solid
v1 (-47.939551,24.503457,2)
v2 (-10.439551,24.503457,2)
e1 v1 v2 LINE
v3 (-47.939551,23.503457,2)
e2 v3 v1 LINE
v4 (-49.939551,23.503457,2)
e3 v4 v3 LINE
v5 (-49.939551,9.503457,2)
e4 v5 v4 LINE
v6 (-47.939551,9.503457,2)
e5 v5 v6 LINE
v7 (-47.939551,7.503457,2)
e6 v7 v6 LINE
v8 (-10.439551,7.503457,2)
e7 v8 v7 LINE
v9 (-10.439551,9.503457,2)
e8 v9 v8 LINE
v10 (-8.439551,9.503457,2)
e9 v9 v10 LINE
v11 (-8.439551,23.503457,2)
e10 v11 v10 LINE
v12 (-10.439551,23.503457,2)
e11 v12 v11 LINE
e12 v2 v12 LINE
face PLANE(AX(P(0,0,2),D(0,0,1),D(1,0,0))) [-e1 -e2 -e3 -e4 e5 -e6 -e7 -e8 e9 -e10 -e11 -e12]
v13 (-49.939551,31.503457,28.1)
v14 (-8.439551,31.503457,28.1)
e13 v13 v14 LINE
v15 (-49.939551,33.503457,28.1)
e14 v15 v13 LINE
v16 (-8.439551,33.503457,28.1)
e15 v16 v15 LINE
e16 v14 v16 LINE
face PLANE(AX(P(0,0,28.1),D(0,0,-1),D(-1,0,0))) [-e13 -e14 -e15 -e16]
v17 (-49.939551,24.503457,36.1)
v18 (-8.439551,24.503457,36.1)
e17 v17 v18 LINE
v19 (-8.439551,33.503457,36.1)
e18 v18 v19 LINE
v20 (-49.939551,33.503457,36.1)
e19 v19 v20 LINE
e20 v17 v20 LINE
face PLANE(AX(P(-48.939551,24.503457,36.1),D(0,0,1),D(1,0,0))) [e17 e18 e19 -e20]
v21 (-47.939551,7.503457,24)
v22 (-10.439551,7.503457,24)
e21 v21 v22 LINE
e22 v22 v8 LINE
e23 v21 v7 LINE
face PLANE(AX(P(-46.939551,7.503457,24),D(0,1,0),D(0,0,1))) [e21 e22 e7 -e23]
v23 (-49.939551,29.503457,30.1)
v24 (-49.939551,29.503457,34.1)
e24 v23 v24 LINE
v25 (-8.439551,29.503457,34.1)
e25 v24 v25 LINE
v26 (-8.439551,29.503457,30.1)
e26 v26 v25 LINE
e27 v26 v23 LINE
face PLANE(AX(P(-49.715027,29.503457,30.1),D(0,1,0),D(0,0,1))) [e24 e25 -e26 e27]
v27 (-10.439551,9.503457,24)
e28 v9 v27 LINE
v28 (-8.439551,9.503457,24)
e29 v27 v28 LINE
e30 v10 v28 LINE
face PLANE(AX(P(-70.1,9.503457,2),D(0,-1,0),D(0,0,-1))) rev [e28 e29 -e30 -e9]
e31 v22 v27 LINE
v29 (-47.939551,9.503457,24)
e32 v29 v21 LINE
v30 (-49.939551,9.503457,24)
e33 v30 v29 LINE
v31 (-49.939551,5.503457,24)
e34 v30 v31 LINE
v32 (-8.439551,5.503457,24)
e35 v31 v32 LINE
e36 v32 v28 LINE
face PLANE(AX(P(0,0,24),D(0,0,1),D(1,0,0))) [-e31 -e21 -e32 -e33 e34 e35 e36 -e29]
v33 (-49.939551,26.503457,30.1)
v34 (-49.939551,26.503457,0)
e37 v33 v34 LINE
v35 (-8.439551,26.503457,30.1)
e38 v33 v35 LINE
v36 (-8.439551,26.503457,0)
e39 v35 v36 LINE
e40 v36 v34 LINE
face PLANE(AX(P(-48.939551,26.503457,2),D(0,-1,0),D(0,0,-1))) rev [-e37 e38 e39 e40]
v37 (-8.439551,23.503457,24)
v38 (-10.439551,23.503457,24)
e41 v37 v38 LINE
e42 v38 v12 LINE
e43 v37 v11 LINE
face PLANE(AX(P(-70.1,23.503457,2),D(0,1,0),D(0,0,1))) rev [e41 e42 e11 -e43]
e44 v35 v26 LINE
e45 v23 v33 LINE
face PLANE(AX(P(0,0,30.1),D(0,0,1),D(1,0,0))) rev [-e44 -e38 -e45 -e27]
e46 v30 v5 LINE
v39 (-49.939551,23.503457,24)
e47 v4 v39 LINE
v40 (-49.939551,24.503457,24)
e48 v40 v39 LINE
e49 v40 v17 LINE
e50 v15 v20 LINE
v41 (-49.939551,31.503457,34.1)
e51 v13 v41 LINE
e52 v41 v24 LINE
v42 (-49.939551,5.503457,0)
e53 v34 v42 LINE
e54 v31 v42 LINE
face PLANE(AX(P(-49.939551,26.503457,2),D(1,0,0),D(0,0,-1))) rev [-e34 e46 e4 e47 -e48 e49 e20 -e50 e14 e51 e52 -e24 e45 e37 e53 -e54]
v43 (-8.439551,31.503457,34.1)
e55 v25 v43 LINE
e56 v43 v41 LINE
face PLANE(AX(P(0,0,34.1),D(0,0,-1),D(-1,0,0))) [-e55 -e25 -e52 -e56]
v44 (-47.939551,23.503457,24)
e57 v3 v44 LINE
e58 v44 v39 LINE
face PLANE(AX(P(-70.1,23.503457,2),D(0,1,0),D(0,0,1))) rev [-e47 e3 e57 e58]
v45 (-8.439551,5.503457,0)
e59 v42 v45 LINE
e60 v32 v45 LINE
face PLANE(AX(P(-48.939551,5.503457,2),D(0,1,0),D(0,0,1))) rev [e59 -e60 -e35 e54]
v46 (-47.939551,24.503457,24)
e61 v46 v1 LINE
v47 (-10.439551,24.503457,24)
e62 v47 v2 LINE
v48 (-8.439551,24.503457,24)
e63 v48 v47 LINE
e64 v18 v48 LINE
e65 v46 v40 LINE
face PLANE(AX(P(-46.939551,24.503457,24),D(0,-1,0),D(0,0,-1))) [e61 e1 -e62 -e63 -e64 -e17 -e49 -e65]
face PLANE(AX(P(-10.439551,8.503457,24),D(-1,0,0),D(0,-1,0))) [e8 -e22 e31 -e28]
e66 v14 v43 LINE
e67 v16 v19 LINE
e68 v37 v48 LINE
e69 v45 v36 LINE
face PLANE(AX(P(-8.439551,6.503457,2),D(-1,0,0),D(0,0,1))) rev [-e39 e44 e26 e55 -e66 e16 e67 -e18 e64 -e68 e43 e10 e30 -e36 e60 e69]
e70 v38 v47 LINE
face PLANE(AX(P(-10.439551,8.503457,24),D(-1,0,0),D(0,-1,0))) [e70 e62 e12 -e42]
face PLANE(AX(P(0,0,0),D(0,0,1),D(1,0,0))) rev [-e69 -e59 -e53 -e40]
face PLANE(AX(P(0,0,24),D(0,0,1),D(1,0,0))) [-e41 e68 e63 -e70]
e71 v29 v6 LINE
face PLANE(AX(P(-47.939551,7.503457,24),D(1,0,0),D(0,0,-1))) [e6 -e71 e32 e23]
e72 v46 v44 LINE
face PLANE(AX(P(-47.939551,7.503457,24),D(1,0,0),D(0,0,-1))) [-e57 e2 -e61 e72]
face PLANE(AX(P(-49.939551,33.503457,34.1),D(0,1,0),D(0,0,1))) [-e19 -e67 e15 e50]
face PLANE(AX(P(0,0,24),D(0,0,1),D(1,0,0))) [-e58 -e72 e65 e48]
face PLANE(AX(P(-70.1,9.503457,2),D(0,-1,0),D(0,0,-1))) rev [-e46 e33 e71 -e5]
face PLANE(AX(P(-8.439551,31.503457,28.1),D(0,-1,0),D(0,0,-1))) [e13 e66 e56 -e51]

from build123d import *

# Parameters (mm, degrees)
SALIENTE_EXTRUIR1_DEPTH = 2
SALIENTE_EXTRUIR2_DEPTH = 24
CROQUIS4_W              = 26.838471133
CROQUIS4_H              = 14
CORTAR_EXTRUIR1_DEPTH   = 70.1
SALIENTE_EXTRUIR3_DEPTH = 2
SALIENTE_EXTRUIR4_DEPTH = 2
CROQUIS7_W              = 41.5
CROQUIS7_H              = 2
SALIENTE_EXTRUIR5_DEPTH = 8
SALIENTE_EXTRUIR6_DEPTH = 6


with BuildPart() as part:
    # Croquis1 → Saliente-Extruir1 (new body)
    with BuildSketch(Plane.XY):
        Polygon((-48.939551095, 26.503456625), (-8.439551095, 26.503456625), (-8.439551095, 6.503456625), (-8.439551095, 5.503456625), (-48.939551095, 5.503456625), (-49.939551095, 5.503456625), (-49.939551095, 26.503456625), align=None)
    extrude(amount=SALIENTE_EXTRUIR1_DEPTH)

    # Croquis3 → Saliente-Extruir2 (add)
    with BuildSketch(Plane.XY):
        Polygon((-48.939551095, 26.503456625), (-8.439551095, 26.503456625), (-8.439551095, 6.503456625), (-8.439551095, 5.503456625), (-48.939551095, 5.503456625), (-49.939551095, 5.503456625), (-49.939551095, 26.503456625), align=None)
        Polygon((-46.939551095, 7.503456625), (-47.939551095, 7.503456625), (-47.939551095, 24.503456625), (-46.939551095, 24.503456625), (-10.439551095, 24.503456625), (-10.439551095, 8.503456625), (-10.439551095, 7.503456625), align=None, mode=Mode.SUBTRACT)
    extrude(amount=SALIENTE_EXTRUIR2_DEPTH)

    # Croquis4 → Cortar-Extruir1 (cut)
    with BuildSketch(Plane(origin=(0, 0, 0), x_dir=(0, 0, -1), z_dir=(1, 0, 0))):
        with Locations((-15.419235567, 16.503456625)):
            Rectangle(CROQUIS4_W, CROQUIS4_H)
    extrude(amount=-CORTAR_EXTRUIR1_DEPTH, mode=Mode.SUBTRACT)

    # Croquis5 → Saliente-Extruir3 (add)
    with BuildSketch(Plane(origin=(0, 26.503456625, 0), x_dir=(1, 0, 0), z_dir=(0, 1, 0))):
        Polygon((-49.939551095, -20.607192887), (-8.439551095, -20.607192887), (-8.439551095, -24), (-8.439551095, -36.1), (-48.939551095, -36.1), (-49.939551095, -36.1), align=None)
    extrude(amount=-SALIENTE_EXTRUIR3_DEPTH)

    # Croquis6 → Saliente-Extruir4 (add)
    with BuildSketch(Plane.XY.offset(36.1)):
        Polygon((-8.439551095, 24.503456625), (-8.439551095, 33.503456625), (-48.939551095, 33.503456625), (-49.939551095, 33.503456625), (-49.939551095, 24.503456625), align=None)
    extrude(amount=-SALIENTE_EXTRUIR4_DEPTH)

    # Croquis7 → Saliente-Extruir5 (add)
    with BuildSketch(Plane.XY.offset(36.1)):
        with Locations((-29.189551095, 32.503456625)):
            Rectangle(CROQUIS7_W, CROQUIS7_H)
    extrude(amount=-SALIENTE_EXTRUIR5_DEPTH)

    # Croquis8 → Saliente-Extruir6 (add)
    with BuildSketch(Plane.XY.offset(36.1)):
        Polygon((-49.939551095, 29.503456625), (-49.939551095, 26.503456625), (-49.715027183, 26.503456625), (-8.439551095, 26.503456625), (-8.439551095, 29.503456625), (-49.715027183, 29.503456625), align=None)
    extrude(amount=-SALIENTE_EXTRUIR6_DEPTH)


solid = part.part
